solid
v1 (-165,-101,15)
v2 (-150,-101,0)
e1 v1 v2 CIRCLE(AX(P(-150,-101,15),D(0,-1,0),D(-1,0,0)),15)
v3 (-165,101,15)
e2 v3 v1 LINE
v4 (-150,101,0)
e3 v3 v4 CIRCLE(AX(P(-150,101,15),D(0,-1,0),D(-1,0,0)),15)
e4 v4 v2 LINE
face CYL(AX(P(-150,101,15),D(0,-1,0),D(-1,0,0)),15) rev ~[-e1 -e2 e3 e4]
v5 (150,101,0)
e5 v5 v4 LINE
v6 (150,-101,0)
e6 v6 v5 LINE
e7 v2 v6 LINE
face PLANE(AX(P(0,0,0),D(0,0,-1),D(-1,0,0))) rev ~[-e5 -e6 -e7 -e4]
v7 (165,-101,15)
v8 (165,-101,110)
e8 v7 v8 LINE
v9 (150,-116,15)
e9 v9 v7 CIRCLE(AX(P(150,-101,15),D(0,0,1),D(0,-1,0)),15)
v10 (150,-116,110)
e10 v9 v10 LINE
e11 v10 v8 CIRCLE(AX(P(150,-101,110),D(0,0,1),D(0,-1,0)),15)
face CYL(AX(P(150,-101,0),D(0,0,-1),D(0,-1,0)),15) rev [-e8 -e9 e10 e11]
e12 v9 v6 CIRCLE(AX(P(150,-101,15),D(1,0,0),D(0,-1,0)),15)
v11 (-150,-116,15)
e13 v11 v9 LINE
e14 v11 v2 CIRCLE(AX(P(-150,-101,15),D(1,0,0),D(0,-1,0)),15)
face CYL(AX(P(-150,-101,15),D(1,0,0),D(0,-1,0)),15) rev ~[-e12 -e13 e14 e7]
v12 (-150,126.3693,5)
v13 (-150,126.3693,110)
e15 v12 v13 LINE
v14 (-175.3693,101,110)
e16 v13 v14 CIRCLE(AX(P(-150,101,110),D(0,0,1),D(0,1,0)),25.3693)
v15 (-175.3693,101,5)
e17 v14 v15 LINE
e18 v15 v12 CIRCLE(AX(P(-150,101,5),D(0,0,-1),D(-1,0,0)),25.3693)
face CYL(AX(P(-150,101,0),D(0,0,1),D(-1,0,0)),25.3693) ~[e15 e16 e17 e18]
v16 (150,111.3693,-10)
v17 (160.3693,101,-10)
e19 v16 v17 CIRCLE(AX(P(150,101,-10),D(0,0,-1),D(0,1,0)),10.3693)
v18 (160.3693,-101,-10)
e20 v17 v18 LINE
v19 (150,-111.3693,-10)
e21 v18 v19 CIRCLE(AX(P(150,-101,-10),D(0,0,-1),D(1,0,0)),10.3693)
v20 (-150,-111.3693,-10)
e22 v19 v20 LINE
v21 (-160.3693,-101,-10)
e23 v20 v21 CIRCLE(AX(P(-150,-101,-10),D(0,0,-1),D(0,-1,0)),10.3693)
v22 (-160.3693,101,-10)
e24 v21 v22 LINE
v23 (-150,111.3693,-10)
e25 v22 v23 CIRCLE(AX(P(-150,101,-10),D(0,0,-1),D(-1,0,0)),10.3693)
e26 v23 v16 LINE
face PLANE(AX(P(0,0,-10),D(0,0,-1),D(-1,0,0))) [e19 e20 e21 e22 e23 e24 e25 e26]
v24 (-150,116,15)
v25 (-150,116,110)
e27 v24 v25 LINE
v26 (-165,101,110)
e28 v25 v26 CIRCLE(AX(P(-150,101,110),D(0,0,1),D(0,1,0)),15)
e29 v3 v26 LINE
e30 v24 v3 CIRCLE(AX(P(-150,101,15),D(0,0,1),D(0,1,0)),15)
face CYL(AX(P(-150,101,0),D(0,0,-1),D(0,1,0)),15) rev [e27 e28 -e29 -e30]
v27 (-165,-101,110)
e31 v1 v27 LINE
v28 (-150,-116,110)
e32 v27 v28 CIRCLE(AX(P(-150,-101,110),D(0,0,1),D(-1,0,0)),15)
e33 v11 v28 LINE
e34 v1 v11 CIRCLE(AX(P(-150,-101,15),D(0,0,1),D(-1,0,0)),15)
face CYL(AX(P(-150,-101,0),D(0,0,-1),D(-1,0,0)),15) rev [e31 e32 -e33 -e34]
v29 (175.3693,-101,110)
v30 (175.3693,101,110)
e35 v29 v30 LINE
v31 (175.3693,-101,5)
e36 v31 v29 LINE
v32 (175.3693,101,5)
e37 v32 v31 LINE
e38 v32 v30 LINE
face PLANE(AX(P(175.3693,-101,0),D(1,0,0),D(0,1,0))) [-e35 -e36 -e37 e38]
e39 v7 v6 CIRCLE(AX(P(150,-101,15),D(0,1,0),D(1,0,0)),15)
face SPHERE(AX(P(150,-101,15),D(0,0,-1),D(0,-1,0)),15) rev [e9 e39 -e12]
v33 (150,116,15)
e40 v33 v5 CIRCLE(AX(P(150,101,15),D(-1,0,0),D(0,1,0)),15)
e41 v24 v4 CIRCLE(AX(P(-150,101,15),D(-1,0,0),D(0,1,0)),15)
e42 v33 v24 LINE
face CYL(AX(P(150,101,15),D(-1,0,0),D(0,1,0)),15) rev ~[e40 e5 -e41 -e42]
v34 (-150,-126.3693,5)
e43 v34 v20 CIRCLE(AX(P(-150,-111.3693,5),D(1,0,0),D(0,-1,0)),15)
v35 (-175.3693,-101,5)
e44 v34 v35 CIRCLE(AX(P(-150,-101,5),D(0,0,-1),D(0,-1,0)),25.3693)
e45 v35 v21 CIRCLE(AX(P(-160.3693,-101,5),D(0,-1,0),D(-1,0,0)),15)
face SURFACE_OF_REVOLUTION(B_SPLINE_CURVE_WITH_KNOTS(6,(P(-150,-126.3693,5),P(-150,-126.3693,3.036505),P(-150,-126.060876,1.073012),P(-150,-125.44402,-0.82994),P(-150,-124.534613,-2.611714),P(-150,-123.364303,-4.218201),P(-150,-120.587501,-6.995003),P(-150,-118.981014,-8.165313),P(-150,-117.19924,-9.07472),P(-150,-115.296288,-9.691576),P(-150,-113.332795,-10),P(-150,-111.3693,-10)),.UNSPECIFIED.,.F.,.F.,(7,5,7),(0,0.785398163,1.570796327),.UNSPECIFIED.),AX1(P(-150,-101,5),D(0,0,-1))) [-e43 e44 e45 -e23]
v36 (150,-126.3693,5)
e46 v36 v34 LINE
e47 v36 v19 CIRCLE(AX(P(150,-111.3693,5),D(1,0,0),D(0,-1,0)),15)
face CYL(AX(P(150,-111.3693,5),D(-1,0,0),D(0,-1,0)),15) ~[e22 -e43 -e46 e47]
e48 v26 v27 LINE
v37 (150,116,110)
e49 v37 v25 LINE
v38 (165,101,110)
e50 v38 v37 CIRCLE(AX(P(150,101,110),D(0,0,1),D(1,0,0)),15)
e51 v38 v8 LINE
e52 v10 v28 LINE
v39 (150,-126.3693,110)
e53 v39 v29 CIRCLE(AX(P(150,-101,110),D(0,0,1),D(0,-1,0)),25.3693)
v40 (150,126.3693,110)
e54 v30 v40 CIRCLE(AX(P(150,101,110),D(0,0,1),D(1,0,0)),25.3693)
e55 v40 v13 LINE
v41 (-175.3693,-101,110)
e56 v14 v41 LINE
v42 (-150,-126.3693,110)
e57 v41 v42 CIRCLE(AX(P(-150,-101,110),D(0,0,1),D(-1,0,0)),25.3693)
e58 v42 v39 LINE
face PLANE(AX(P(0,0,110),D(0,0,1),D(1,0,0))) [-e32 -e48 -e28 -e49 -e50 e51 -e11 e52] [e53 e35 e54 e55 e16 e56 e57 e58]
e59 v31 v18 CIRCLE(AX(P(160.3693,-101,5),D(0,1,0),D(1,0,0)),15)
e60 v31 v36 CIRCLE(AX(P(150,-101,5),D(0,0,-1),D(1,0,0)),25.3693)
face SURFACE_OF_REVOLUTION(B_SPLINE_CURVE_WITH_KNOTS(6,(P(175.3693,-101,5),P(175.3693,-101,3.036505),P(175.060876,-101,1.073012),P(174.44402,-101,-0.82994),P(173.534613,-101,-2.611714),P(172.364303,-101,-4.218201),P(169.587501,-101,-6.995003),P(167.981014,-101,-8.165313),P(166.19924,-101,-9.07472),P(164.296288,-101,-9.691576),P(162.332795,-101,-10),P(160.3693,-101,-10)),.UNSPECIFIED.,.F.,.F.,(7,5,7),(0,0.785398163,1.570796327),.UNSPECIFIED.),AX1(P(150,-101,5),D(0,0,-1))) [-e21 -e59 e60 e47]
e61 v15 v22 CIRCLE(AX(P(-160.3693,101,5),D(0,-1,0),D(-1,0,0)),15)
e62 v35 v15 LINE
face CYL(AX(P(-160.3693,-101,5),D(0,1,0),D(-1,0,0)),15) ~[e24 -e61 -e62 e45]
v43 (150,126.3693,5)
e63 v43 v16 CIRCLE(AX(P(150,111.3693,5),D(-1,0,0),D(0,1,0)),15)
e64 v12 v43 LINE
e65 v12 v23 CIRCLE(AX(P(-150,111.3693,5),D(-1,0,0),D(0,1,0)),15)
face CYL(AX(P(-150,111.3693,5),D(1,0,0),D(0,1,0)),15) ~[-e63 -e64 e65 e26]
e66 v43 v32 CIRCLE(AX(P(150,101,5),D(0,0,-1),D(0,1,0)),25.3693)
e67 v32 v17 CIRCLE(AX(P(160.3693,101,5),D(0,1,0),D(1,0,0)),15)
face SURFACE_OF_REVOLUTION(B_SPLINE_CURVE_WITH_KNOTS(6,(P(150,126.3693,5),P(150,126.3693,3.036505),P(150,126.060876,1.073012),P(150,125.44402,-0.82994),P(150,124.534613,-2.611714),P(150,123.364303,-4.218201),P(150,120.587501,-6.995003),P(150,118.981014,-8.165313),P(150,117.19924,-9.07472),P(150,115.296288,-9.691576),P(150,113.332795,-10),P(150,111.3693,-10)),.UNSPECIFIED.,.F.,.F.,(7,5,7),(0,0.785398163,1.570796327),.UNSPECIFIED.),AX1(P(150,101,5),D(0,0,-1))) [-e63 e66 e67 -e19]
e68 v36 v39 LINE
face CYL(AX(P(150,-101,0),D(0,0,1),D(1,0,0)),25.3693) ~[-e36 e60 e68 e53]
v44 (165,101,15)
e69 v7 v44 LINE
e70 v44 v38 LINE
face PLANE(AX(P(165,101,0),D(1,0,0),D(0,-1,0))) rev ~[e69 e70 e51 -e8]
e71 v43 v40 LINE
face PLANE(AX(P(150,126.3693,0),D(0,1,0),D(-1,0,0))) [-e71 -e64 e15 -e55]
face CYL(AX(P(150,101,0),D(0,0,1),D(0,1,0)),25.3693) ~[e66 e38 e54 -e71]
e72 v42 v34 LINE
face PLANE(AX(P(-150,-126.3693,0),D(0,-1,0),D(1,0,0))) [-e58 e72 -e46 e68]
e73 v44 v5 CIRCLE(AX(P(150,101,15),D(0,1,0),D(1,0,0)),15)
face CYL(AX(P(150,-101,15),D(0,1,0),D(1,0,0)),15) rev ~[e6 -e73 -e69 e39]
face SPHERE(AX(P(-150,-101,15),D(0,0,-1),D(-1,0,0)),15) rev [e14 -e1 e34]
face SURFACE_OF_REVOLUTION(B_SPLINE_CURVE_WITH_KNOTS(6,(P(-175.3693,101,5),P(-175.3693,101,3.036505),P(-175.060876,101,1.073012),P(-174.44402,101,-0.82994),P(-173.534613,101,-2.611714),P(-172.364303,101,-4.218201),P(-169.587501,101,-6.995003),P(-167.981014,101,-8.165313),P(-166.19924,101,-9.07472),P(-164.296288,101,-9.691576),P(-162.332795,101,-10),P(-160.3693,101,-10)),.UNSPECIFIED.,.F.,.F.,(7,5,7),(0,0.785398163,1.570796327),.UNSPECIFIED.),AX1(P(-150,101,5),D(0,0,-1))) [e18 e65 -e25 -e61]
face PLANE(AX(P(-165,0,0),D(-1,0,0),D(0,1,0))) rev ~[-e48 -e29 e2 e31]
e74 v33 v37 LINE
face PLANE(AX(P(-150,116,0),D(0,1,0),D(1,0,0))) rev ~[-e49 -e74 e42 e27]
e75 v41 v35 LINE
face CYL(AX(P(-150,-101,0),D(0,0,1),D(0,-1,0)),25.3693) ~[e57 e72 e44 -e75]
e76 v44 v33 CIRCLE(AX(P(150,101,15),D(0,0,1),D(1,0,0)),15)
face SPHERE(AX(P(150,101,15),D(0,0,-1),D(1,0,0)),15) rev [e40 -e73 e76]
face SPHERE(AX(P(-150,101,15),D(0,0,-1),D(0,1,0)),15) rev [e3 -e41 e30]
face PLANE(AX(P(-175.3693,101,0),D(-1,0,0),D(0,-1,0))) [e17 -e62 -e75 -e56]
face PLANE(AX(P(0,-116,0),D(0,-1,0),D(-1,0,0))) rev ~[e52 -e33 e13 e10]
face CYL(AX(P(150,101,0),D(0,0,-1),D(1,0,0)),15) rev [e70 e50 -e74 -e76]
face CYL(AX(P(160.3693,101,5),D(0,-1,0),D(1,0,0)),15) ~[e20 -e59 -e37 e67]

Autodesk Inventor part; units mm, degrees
ref_plane "YZ Plane" through (0, 0, 0) normal (1, 0, 0) x (0, 1, 0)
ref_plane "XZ Plane" through (0, 0, 0) normal (0, 1, 0) x (-1, 0, 0)
ref_plane "XY Plane" through (0, 0, 0) normal (0, 0, 1) x (1, 0, 0)
sketch "Эскиз1" plane through (0, 0, 0) normal (0, 0, 1) x (1, 0, 0)
  line L0 (-150, 116) -> (150, 116)
  line L1 (165, 101) -> (165, -101)
  line L2 (150, -116) -> (-150, -116)
  line L3 (-165, -101) -> (-165, 101)
  line L4 (-252.8728, 0) -> (252.8728, 0) projected
  line L5 (0, -184.2728) -> (0, 184.2728) projected
  arc A0 (-150, 116) -> (-165, 101) centre (-150, 101) ccw
  arc A1 (165, 101) -> (150, 116) centre (150, 101) ccw
  arc A2 (150, -116) -> (165, -101) centre (150, -101) ccw
  arc A3 (-165, -101) -> (-150, -116) centre (-150, -101) ccw
  line L6 (-175.3693, 101) -> (-175.3693, -101)
  arc A4 (-175.3693, -101) -> (-150, -126.3693) centre (-150, -101) ccw
  line L7 (-150, -126.3693) -> (150, -126.3693)
  arc A5 (150, -126.3693) -> (175.3693, -101) centre (150, -101) ccw
  line L8 (175.3693, -101) -> (175.3693, 101)
  arc A6 (175.3693, 101) -> (150, 126.3693) centre (150, 101) ccw
  line L9 (150, 126.3693) -> (-150, 126.3693)
  arc A7 (-150, 126.3693) -> (-175.3693, 101) centre (-150, 101) ccw
  point P0 (0, 0)
  dimension "d0" = 232
  dimension "d1" = 330
  dimension "d2" = 15
extrude "Выдавливание1" add sketch "Эскиз1" along normal blind 110 contours A0 L3 L4 L6 A7 L9 L5 L0 | L5 L9 A6 L8 L4 L1 A1 L0 | L3 A3 L2 L5 L7 A4 L6 L4 | L4 L8 A5 L7 L5 L2 A2 L1
sketch "Эскиз2" plane through (0, 0, 0) normal (0, 0, -1) x (-1, 0, 0)
  line L0 (150, -126.3693) -> (-150, -126.3693) projected
  arc A0 (150, -126.3693) -> (175.3693, -101) centre (150, -101) ccw projected
  line L1 (175.3693, 101) -> (175.3693, -101) projected
  arc A1 (175.3693, 101) -> (150, 126.3693) centre (150, 101) ccw projected
  line L2 (-150, 126.3693) -> (150, 126.3693) projected
  arc A2 (-150, 126.3693) -> (-175.3693, 101) centre (-150, 101) ccw projected
  line L3 (-175.3693, -101) -> (-175.3693, 101) projected
  arc A3 (-175.3693, -101) -> (-150, -126.3693) centre (-150, -101) ccw projected
  point P0 (0, 0)
extrude "Выдавливание2" add sketch "Эскиз2" along normal blind 10
fillet "Сопряжение1" radius 15 8 edges at (-167.9388, -118.9388, -10) (-175.3693, 0, -10) (-167.9388, 118.9388, -10) (0, 126.3693, -10) (167.9388, 118.9388, -10) (175.3693, 0, -10) (167.9388, -118.9388, -10) (0, -126.3693, -10)
fillet "Сопряжение2" radius 15 8 edges at (160.6066, 111.6066, 0) (165, 0, 0) (160.6066, -111.6066, 0) (0, -116, 0) (-160.6066, -111.6066, 0) (-165, 0, 0) (-160.6066, 111.6066, 0) (0, 116, 0)
properties part number "Корпус НАСУ"
